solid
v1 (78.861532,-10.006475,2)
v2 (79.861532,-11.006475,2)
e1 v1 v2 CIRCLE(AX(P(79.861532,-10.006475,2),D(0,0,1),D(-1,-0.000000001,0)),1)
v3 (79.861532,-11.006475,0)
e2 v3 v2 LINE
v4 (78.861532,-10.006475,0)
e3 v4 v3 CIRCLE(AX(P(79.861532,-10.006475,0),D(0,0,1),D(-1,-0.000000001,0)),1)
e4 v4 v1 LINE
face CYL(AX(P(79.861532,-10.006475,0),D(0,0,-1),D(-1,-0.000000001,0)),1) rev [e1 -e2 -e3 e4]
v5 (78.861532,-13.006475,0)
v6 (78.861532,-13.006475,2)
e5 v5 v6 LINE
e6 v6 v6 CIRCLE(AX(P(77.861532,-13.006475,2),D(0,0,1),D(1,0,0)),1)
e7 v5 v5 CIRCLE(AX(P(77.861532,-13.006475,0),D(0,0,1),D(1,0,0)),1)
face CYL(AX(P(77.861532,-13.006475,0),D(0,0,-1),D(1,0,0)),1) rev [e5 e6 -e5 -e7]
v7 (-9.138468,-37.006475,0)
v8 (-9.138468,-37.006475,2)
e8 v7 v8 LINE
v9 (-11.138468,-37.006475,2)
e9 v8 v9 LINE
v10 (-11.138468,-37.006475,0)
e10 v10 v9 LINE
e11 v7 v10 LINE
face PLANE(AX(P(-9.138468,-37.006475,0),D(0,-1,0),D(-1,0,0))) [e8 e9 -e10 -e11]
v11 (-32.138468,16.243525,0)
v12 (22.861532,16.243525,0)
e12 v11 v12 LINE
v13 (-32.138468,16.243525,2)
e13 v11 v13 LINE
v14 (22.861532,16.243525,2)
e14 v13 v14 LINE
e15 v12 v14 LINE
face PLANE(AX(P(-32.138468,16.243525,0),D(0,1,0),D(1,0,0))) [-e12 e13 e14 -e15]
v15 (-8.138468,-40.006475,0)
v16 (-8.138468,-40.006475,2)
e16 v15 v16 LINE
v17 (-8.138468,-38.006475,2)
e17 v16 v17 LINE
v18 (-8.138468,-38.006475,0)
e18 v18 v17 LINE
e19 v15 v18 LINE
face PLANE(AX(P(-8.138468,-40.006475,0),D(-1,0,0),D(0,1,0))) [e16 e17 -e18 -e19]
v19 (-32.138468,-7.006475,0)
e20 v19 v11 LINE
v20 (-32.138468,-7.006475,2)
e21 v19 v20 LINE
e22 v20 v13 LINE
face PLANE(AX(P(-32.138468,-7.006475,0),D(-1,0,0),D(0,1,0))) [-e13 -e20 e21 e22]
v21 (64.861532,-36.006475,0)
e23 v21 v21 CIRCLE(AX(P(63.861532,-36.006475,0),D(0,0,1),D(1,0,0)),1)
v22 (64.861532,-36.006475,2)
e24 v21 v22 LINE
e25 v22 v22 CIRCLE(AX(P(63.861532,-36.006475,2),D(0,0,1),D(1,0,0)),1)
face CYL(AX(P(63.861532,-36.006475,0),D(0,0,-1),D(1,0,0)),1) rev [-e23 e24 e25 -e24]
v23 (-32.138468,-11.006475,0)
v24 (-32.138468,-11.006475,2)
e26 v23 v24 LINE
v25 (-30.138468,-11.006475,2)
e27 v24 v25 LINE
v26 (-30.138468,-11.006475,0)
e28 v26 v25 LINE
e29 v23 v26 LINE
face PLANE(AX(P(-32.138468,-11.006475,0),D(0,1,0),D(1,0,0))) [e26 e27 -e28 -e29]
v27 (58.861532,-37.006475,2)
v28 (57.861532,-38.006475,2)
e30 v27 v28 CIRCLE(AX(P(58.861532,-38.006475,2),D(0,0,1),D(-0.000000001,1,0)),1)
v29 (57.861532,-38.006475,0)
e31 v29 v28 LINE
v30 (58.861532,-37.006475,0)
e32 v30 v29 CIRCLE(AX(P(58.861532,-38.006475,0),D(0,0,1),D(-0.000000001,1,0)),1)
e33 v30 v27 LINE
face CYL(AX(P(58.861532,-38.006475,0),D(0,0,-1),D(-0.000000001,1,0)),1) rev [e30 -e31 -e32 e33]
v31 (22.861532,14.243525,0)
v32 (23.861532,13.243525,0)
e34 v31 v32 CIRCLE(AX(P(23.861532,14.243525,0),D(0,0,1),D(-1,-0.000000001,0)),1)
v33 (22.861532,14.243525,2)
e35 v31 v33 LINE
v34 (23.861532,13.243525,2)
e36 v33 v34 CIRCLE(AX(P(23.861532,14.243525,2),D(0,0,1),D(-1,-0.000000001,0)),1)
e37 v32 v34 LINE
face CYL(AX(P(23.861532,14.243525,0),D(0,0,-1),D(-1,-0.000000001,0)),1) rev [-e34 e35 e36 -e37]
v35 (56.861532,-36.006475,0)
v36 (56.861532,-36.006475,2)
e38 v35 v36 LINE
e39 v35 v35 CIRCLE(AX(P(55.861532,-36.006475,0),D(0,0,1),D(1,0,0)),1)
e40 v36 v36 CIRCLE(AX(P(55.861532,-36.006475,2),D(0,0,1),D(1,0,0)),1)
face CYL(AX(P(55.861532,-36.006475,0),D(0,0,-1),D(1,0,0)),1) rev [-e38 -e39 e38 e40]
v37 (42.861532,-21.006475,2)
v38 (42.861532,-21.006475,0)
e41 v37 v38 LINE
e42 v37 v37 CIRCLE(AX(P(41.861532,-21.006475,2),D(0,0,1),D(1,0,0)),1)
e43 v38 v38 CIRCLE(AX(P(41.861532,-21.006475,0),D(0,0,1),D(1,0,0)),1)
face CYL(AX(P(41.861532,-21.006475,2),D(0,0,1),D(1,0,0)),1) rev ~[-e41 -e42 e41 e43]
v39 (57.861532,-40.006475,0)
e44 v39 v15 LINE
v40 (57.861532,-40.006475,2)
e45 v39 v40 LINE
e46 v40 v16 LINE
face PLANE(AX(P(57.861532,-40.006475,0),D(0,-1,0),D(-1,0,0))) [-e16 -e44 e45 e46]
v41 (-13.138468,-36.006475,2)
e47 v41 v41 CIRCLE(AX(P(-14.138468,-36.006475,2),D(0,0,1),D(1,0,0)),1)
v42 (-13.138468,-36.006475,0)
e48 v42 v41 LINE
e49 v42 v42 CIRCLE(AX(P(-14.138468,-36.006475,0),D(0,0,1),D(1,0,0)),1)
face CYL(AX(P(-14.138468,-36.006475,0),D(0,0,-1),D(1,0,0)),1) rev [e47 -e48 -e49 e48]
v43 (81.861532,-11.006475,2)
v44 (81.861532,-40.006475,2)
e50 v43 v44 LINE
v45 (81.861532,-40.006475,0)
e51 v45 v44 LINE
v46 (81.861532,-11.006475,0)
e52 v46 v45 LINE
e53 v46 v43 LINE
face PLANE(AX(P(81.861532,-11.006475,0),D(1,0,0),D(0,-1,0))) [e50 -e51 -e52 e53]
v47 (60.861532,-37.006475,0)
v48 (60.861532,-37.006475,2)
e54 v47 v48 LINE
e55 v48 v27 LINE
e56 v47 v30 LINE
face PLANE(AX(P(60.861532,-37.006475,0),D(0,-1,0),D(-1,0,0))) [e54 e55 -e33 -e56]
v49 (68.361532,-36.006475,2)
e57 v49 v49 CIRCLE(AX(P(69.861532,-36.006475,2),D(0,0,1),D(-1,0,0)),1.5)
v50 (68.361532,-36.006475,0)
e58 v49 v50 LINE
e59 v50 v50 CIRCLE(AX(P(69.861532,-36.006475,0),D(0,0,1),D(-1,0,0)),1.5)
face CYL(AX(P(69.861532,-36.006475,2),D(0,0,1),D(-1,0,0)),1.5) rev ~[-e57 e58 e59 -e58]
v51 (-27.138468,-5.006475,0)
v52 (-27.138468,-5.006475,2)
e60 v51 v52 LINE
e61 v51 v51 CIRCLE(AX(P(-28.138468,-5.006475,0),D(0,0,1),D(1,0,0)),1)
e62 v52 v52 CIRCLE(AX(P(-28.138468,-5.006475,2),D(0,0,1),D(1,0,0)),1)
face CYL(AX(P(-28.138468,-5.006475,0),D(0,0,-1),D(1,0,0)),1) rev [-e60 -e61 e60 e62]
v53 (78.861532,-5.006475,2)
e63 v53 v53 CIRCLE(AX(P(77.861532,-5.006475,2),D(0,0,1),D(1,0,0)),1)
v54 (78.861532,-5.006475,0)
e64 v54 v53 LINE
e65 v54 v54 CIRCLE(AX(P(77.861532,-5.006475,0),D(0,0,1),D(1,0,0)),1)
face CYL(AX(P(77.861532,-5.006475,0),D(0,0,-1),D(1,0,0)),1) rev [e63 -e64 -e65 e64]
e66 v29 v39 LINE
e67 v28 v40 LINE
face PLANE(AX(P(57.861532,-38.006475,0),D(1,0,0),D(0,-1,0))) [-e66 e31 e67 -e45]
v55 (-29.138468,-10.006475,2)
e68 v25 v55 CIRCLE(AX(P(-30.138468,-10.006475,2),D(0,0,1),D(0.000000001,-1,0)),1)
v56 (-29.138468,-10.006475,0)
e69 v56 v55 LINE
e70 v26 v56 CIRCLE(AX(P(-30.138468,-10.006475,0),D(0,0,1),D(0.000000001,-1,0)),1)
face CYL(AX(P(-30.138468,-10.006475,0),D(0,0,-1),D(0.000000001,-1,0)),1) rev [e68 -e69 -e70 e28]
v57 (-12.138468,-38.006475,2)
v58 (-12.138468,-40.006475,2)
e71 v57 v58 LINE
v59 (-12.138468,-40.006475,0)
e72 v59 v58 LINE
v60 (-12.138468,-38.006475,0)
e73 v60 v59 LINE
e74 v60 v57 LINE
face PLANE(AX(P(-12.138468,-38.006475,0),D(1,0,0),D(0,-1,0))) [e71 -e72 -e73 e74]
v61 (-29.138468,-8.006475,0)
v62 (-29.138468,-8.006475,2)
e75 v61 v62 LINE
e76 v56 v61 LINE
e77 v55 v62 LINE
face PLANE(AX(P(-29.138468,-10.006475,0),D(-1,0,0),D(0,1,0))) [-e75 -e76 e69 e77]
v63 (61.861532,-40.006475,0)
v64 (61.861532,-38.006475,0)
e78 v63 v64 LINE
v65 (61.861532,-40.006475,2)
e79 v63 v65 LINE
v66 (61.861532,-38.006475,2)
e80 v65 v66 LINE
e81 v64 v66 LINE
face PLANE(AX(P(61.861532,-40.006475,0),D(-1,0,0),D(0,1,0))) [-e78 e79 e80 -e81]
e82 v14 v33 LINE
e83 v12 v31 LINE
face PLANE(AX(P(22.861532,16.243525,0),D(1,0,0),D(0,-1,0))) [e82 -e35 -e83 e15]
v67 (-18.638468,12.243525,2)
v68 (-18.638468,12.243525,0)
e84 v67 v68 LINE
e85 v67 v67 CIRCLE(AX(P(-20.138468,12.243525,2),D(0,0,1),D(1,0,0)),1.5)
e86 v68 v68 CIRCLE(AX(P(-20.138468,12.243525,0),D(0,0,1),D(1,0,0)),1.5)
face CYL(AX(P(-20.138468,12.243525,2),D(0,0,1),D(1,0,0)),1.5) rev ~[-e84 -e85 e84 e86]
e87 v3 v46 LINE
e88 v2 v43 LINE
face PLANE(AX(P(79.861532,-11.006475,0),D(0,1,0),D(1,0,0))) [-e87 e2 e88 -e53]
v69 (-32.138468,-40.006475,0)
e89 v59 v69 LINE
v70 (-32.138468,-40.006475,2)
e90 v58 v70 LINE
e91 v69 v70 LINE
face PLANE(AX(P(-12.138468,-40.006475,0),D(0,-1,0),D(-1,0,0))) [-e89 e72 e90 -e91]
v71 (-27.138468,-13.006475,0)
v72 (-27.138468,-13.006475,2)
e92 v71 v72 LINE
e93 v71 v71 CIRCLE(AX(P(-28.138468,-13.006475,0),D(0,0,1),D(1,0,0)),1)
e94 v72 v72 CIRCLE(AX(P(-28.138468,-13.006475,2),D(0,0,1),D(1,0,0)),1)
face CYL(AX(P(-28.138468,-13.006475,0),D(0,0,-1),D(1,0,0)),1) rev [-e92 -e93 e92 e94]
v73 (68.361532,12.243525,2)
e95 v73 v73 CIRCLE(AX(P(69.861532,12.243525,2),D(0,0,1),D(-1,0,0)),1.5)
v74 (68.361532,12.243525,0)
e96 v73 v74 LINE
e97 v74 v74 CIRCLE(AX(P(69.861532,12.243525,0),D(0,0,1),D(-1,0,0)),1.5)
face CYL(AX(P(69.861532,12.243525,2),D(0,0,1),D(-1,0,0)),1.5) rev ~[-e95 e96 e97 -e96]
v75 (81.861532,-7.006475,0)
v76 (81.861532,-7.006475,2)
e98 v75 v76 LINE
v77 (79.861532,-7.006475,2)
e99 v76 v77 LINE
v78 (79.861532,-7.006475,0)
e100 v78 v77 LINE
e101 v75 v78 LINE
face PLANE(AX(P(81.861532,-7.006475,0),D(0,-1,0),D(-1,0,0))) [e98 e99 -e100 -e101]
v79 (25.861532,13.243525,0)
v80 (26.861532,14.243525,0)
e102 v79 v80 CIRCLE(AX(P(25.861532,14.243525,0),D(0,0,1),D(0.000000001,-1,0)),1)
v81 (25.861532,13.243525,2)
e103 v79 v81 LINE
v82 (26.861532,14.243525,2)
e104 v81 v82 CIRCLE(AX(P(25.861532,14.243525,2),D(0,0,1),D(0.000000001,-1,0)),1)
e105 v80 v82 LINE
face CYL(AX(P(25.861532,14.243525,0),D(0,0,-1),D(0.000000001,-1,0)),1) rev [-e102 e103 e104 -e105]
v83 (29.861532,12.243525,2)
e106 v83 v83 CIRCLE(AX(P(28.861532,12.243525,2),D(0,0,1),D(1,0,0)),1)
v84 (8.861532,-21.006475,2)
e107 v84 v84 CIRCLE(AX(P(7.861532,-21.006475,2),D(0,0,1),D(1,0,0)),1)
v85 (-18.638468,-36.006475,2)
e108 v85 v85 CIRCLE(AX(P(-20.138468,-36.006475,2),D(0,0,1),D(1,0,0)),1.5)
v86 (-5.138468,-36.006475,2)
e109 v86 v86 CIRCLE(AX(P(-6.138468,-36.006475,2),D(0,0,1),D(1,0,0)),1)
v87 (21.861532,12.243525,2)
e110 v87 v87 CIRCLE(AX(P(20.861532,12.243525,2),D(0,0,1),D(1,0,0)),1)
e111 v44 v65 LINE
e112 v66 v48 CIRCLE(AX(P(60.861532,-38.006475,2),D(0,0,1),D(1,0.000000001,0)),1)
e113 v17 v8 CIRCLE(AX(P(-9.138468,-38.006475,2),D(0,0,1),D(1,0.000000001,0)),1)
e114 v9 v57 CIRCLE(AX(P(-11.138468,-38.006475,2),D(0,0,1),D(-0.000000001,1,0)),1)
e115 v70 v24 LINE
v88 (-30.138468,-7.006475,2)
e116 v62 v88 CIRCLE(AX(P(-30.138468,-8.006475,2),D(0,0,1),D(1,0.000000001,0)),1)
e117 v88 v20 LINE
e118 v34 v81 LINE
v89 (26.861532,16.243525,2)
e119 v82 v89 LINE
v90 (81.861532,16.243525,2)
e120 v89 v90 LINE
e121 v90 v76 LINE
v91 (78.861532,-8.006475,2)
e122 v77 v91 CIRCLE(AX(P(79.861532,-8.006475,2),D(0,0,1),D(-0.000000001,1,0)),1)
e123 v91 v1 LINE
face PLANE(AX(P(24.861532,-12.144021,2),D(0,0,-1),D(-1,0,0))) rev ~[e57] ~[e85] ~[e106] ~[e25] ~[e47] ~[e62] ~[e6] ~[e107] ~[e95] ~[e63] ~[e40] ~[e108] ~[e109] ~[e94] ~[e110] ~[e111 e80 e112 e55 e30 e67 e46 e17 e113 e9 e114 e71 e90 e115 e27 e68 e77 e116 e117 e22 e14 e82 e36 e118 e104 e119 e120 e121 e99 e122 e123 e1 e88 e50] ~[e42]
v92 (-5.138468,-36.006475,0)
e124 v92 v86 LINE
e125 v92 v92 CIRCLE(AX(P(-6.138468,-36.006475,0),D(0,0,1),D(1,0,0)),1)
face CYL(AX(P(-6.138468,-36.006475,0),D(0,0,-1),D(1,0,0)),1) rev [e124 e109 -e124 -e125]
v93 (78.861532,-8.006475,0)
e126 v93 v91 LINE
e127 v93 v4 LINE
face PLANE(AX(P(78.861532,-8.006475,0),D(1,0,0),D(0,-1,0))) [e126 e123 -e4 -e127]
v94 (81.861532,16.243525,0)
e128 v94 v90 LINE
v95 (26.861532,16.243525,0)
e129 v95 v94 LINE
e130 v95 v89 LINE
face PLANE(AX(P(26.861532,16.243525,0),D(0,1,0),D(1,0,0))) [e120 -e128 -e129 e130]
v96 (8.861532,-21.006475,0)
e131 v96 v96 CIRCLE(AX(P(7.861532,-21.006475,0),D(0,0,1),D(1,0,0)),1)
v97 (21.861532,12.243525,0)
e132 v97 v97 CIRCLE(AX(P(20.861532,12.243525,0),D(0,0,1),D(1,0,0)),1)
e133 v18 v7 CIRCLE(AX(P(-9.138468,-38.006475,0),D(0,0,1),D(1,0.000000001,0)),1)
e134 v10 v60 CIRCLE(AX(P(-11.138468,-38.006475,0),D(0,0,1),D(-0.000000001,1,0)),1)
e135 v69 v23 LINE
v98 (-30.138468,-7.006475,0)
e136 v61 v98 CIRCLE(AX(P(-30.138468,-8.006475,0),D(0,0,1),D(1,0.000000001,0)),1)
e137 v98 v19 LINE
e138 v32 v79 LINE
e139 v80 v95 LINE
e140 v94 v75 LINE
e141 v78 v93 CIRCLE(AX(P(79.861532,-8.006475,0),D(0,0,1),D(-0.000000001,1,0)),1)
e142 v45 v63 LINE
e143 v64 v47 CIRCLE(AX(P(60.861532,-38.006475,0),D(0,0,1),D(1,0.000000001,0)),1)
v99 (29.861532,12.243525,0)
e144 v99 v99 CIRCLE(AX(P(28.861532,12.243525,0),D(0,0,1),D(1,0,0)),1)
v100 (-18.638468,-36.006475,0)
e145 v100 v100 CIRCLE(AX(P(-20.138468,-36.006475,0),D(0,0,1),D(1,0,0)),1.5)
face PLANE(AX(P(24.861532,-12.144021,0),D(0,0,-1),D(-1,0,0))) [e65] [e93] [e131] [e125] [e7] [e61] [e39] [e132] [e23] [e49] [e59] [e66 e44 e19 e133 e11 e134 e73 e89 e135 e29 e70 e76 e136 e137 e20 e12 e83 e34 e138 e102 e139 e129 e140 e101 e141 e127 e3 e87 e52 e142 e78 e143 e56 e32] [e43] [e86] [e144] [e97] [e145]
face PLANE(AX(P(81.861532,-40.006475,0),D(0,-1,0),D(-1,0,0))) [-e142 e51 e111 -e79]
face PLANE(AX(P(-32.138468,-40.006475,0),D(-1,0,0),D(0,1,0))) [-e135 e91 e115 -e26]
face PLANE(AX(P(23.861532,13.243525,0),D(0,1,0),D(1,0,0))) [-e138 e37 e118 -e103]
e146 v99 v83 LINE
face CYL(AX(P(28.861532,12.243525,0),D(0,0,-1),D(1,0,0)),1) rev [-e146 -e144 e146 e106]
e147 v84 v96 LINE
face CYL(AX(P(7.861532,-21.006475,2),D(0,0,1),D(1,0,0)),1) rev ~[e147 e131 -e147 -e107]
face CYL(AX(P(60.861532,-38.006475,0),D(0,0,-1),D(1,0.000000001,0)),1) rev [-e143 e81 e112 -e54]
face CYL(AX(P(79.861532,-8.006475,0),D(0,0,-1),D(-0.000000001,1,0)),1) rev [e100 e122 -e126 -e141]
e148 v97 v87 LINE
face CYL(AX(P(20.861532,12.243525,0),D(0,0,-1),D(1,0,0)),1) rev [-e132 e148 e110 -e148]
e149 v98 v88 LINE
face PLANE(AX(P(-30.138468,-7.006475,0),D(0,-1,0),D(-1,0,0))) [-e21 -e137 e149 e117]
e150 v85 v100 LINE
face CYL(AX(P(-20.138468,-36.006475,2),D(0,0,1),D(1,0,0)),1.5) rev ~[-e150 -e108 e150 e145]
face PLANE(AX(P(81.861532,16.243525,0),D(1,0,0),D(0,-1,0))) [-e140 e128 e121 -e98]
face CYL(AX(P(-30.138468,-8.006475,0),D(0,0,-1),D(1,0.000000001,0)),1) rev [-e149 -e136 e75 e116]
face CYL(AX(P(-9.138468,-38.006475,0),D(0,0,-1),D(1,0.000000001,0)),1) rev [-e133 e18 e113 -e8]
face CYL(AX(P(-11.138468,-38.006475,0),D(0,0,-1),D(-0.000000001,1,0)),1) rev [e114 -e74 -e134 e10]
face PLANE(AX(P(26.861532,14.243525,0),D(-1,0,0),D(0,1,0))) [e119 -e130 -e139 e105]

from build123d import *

# Parameters (mm, degrees)
SKETCH_1_R          = 1
EXTRUDE_1_DEPTH     = 2
SKETCH_2_R          = 1
CUT_EXTRUDE_1_DEPTH = 10
SKETCH_3_R          = 1.5
CUT_EXTRUDE_2_DEPTH = 10


with BuildPart() as part:
    # 草圖1 → 填料-伸長1 (new body)
    with BuildSketch(Plane.XY):
        with BuildLine():
            Line((23.861531606, 13.243524775), (25.861531606, 13.243524775))
            ThreePointArc((25.861531606, 13.243524775), (26.568638387, 13.536417994), (26.861531606, 14.243524775))
            Line((26.861531606, 14.243524775), (26.861531606, 16.243524775))
            Line((26.861531606, 16.243524775), (80.861531606, 16.243524775))
            Line((80.861531606, 16.243524775), (81.861531606, 16.243524775))
            Line((81.861531606, 16.243524775), (81.861531606, 15.243524775))
            Line((81.861531606, 15.243524775), (81.861531606, -7.006475225))
            Line((81.861531606, -7.006475225), (79.861531606, -7.006475225))
            ThreePointArc((79.861531606, -7.006475225), (79.154424825, -7.299368444), (78.861531606, -8.006475225))
            Line((78.861531606, -8.006475225), (78.861531606, -10.006475225))
            ThreePointArc((78.861531606, -10.006475225), (79.154424825, -10.713582006), (79.861531606, -11.006475225))
            Line((79.861531606, -11.006475225), (81.861531606, -11.006475225))
            Line((81.861531606, -11.006475225), (81.861531606, -39.006475225))
            Line((81.861531606, -39.006475225), (81.861531606, -40.006475225))
            Line((81.861531606, -40.006475225), (80.861531606, -40.006475225))
            Line((80.861531606, -40.006475225), (61.861531606, -40.006475225))
            Line((61.861531606, -40.006475225), (61.861531606, -38.006475225))
            ThreePointArc((61.861531606, -38.006475225), (61.568638387, -37.299368444), (60.861531606, -37.006475225))
            Line((60.861531606, -37.006475225), (58.861531606, -37.006475225))
            ThreePointArc((58.861531606, -37.006475225), (58.154424825, -37.299368444), (57.861531606, -38.006475225))
            Line((57.861531606, -38.006475225), (57.861531606, -40.006475225))
            Line((57.861531606, -40.006475225), (-8.138468394, -40.006475225))
            Line((-8.138468394, -40.006475225), (-8.138468394, -38.006475225))
            ThreePointArc((-8.138468394, -38.006475225), (-8.431361613, -37.299368444), (-9.138468394, -37.006475225))
            Line((-9.138468394, -37.006475225), (-11.138468394, -37.006475225))
            ThreePointArc((-11.138468394, -37.006475225), (-11.845575175, -37.299368444), (-12.138468394, -38.006475225))
            Line((-12.138468394, -38.006475225), (-12.138468394, -40.006475225))
            Line((-12.138468394, -40.006475225), (-31.138468394, -40.006475225))
            Line((-31.138468394, -40.006475225), (-32.138468394, -40.006475225))
            Line((-32.138468394, -40.006475225), (-32.138468394, -39.006475225))
            Line((-32.138468394, -39.006475225), (-32.138468394, -11.006475225))
            Line((-32.138468394, -11.006475225), (-30.138468394, -11.006475225))
            ThreePointArc((-30.138468394, -11.006475225), (-29.431361613, -10.713582006), (-29.138468394, -10.006475225))
            Line((-29.138468394, -10.006475225), (-29.138468394, -8.006475225))
            ThreePointArc((-29.138468394, -8.006475225), (-29.431361613, -7.299368444), (-30.138468394, -7.006475225))
            Line((-30.138468394, -7.006475225), (-32.138468394, -7.006475225))
            Line((-32.138468394, -7.006475225), (-32.138468394, 15.243524775))
            Line((-32.138468394, 15.243524775), (-32.138468394, 16.243524775))
            Line((-32.138468394, 16.243524775), (-31.138468394, 16.243524775))
            Line((-31.138468394, 16.243524775), (22.861531606, 16.243524775))
            Line((22.861531606, 16.243524775), (22.861531606, 14.243524775))
            ThreePointArc((22.861531606, 14.243524775), (23.154424825, 13.536417994), (23.861531606, 13.243524775))
        make_face()
        with Locations((55.861531606, -36.006475225)):
            Circle(SKETCH_1_R, mode=Mode.SUBTRACT)
        with Locations((77.861531606, -5.006475225)):
            Circle(SKETCH_1_R, mode=Mode.SUBTRACT)
        with Locations((-6.138468394, -36.006475225)):
            Circle(SKETCH_1_R, mode=Mode.SUBTRACT)
        with Locations((28.861531606, 12.243524775)):
            Circle(SKETCH_1_R, mode=Mode.SUBTRACT)
        with Locations((20.861531606, 12.243524775)):
            Circle(SKETCH_1_R, mode=Mode.SUBTRACT)
        with Locations((-28.138468394, -5.006475225)):
            Circle(SKETCH_1_R, mode=Mode.SUBTRACT)
        with Locations((-28.138468394, -13.006475225)):
            Circle(SKETCH_1_R, mode=Mode.SUBTRACT)
        with Locations((77.861531606, -13.006475225)):
            Circle(SKETCH_1_R, mode=Mode.SUBTRACT)
        with Locations((-14.138468394, -36.006475225)):
            Circle(SKETCH_1_R, mode=Mode.SUBTRACT)
        with Locations((63.861531606, -36.006475225)):
            Circle(SKETCH_1_R, mode=Mode.SUBTRACT)
    extrude(amount=EXTRUDE_1_DEPTH)

    # 草圖2 → 除料-伸長1 (cut)
    with BuildSketch(Plane.XY.offset(2)):
        with Locations((7.861531606, -21.006475225)):
            Circle(SKETCH_2_R)
        with Locations((41.861531606, -21.006475225)):
            Circle(SKETCH_2_R)
    extrude(amount=-CUT_EXTRUDE_1_DEPTH, mode=Mode.SUBTRACT)

    # 草圖3 → 除料-伸長2 (cut)
    with BuildSketch(Plane.XY.offset(2)):
        with Locations((-20.138468394, -36.006475225)):
            Circle(SKETCH_3_R)
        with Locations((-20.138468394, 12.243524775)):
            Circle(SKETCH_3_R)
        with Locations(Location((69.861531606, 12.243524775, 0), (0, 0, 180))):
            Circle(SKETCH_3_R)
        with Locations(Location((69.861531606, -36.006475225, 0), (0, 0, 180))):
            Circle(SKETCH_3_R)
    extrude(amount=-CUT_EXTRUDE_2_DEPTH, mode=Mode.SUBTRACT)


solid = part.part
